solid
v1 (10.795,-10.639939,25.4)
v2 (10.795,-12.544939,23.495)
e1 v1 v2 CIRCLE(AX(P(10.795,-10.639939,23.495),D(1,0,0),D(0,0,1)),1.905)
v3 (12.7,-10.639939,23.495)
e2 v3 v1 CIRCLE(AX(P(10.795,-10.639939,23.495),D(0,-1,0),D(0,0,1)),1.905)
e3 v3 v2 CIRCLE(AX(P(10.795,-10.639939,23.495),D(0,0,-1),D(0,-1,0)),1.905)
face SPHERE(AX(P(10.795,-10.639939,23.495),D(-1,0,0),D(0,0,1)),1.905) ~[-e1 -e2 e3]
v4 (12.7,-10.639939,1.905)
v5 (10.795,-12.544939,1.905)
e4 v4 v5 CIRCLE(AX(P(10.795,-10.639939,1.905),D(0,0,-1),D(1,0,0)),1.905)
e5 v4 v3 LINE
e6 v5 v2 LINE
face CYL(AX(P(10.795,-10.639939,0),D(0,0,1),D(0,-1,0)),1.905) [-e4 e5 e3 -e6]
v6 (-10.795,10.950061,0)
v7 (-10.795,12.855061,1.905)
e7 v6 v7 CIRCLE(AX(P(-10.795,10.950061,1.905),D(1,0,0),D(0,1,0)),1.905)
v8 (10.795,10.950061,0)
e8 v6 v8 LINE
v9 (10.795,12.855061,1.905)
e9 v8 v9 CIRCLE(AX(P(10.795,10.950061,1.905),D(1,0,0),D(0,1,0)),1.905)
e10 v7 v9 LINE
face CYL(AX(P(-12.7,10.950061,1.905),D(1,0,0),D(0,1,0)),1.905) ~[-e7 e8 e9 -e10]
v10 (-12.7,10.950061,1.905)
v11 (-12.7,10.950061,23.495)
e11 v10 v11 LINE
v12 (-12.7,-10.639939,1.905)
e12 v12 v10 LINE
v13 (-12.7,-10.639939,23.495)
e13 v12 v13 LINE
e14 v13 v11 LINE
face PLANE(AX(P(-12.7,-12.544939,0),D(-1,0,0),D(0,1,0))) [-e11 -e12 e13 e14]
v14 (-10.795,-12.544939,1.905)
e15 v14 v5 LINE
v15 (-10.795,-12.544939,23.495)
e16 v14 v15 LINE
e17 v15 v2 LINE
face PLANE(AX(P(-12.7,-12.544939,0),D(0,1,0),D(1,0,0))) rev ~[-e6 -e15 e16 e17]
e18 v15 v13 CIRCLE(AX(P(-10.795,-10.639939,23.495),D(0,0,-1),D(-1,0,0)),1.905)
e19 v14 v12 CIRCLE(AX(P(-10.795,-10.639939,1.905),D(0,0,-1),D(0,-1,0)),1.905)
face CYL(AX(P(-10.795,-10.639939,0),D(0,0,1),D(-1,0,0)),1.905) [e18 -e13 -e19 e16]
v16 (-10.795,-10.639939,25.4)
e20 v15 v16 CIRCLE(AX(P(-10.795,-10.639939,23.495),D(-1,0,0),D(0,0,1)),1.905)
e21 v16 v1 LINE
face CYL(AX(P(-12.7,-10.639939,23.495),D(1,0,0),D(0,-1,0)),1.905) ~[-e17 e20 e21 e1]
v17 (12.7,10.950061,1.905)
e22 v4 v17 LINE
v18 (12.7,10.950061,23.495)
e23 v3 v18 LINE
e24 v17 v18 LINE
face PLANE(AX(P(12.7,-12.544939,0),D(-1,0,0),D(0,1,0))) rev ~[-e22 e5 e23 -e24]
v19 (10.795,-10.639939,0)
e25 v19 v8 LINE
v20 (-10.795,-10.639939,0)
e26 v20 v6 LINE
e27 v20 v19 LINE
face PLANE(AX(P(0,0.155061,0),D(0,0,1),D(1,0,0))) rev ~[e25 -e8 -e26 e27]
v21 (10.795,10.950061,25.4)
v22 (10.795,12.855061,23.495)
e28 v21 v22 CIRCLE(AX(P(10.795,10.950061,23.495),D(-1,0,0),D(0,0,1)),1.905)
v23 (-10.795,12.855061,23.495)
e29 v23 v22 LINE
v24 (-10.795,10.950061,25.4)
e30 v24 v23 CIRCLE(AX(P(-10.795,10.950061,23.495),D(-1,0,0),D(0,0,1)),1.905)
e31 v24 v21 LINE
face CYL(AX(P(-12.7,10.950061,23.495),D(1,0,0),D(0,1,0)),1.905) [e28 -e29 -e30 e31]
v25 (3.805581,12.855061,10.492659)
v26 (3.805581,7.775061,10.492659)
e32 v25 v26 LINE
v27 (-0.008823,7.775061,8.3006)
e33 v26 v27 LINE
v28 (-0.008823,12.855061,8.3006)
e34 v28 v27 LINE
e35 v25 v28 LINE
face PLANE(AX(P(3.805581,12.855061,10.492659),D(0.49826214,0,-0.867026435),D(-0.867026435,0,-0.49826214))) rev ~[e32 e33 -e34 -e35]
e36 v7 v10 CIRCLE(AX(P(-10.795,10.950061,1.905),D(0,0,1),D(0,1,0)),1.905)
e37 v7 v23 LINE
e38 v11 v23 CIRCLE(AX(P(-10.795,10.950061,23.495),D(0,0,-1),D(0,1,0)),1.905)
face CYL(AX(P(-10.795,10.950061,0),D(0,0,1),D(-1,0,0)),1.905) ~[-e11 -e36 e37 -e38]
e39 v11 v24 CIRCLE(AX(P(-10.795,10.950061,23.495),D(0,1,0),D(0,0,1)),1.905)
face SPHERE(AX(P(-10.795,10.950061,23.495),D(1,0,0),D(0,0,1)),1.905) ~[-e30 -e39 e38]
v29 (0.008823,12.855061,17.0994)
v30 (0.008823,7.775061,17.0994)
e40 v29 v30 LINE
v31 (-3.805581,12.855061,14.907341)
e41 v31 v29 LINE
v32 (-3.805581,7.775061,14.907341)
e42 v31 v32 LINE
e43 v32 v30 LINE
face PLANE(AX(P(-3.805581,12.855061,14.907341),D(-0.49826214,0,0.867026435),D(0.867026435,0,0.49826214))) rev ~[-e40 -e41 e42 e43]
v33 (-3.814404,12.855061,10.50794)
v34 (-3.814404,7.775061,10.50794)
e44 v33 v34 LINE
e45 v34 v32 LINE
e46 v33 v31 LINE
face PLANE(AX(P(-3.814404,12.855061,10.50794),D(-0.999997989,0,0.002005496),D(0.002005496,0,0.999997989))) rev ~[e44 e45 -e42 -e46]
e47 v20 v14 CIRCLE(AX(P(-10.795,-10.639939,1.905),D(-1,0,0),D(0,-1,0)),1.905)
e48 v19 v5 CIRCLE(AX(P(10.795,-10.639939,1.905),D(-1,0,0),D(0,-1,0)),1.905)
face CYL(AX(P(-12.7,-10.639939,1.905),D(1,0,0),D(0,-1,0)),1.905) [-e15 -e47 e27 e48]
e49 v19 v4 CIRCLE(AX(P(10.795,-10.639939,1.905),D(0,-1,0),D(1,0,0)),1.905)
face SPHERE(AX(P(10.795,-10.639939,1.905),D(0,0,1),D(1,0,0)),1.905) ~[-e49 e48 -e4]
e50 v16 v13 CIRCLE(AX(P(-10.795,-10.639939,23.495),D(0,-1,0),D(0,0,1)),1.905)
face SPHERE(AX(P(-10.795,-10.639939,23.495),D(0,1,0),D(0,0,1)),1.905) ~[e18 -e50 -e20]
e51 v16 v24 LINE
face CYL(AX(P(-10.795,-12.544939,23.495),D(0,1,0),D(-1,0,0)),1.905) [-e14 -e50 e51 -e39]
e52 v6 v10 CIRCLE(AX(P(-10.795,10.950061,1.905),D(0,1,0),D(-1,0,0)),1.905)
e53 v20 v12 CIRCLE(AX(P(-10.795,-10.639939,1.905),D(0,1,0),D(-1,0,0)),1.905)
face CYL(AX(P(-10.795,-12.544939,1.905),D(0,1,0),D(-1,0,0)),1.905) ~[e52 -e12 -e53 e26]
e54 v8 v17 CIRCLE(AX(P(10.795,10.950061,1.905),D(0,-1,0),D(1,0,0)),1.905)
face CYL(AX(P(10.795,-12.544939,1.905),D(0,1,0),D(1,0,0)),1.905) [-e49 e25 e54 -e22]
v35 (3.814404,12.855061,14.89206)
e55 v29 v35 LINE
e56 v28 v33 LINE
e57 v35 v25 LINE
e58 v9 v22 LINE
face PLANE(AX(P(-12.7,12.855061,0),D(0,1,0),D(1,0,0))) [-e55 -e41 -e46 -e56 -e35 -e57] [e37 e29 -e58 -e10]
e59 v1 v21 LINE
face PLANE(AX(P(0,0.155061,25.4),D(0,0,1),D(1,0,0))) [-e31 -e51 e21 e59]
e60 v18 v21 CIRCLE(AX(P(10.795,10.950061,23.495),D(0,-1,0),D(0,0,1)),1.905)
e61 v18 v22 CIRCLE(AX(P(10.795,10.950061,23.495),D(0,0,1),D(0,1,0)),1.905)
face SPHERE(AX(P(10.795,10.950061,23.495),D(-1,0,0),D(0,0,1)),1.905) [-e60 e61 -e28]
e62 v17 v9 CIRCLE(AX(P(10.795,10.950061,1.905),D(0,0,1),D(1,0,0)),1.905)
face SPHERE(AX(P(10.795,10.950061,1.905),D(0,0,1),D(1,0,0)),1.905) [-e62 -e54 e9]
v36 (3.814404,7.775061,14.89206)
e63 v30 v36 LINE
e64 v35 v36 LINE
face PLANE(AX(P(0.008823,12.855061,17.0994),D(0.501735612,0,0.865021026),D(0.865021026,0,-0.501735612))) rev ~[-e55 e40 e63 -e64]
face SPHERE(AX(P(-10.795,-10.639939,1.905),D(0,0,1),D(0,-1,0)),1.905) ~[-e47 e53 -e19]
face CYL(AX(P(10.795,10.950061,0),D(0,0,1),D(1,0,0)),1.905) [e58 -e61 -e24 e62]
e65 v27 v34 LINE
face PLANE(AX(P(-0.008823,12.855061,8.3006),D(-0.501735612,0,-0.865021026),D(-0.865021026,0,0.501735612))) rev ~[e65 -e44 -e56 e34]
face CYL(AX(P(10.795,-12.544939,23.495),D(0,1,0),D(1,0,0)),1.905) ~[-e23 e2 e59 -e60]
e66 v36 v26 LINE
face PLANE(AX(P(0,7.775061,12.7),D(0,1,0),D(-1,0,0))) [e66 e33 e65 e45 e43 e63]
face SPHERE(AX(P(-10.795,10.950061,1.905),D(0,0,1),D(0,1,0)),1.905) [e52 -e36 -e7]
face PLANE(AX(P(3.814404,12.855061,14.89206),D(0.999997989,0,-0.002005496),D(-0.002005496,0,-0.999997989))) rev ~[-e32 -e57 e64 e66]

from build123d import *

# Parameters (mm, degrees)
F0_W     = 25.4
F0_H     = 25.4
F1_DEPTH = 25.4
F2_R     = 1.905
F4_DEPTH = 5.08


with BuildPart() as f1:
    # F0 (on Top) → F1 (new body)
    with BuildSketch(Plane.XY):
        with Locations((0, 0.155061)):
            Rectangle(F0_W, F0_H)
    extrude(amount=F1_DEPTH)

    # F2
    f2_edges = [f1.edges().sort_by_distance(p)[0] for p in [
        (0, 12.855061, 25.4),
        (-12.7, 0.155061, 25.4),
        (0, -12.544939, 25.4),
        (12.7, 0.155061, 25.4),
        (12.7, -12.544939, 12.7),
        (12.7, 12.855061, 12.7),
        (12.7, 0.155061, 0),
        (-12.7, -12.544939, 12.7),
        (0, -12.544939, 0),
        (-12.7, 12.855061, 12.7),
        (0, 12.855061, 0),
        (-12.7, 0.155061, 0),
    ]]
    fillet(f2_edges, radius=F2_R)

    # F3 (on face) → F4 (cut)
    with BuildSketch(Plane(origin=(0, 12.855061, 0), x_dir=(-1, 0, 0), z_dir=(0, 1, 0))):
        Polygon((0.008823, 8.3006), (3.814404, 10.50794), (3.805581, 14.907341), (-0.008823, 17.0994), (-3.814404, 14.89206), (-3.805581, 10.492659), align=None)
    extrude(amount=-F4_DEPTH, mode=Mode.SUBTRACT)


solid = f1.part
